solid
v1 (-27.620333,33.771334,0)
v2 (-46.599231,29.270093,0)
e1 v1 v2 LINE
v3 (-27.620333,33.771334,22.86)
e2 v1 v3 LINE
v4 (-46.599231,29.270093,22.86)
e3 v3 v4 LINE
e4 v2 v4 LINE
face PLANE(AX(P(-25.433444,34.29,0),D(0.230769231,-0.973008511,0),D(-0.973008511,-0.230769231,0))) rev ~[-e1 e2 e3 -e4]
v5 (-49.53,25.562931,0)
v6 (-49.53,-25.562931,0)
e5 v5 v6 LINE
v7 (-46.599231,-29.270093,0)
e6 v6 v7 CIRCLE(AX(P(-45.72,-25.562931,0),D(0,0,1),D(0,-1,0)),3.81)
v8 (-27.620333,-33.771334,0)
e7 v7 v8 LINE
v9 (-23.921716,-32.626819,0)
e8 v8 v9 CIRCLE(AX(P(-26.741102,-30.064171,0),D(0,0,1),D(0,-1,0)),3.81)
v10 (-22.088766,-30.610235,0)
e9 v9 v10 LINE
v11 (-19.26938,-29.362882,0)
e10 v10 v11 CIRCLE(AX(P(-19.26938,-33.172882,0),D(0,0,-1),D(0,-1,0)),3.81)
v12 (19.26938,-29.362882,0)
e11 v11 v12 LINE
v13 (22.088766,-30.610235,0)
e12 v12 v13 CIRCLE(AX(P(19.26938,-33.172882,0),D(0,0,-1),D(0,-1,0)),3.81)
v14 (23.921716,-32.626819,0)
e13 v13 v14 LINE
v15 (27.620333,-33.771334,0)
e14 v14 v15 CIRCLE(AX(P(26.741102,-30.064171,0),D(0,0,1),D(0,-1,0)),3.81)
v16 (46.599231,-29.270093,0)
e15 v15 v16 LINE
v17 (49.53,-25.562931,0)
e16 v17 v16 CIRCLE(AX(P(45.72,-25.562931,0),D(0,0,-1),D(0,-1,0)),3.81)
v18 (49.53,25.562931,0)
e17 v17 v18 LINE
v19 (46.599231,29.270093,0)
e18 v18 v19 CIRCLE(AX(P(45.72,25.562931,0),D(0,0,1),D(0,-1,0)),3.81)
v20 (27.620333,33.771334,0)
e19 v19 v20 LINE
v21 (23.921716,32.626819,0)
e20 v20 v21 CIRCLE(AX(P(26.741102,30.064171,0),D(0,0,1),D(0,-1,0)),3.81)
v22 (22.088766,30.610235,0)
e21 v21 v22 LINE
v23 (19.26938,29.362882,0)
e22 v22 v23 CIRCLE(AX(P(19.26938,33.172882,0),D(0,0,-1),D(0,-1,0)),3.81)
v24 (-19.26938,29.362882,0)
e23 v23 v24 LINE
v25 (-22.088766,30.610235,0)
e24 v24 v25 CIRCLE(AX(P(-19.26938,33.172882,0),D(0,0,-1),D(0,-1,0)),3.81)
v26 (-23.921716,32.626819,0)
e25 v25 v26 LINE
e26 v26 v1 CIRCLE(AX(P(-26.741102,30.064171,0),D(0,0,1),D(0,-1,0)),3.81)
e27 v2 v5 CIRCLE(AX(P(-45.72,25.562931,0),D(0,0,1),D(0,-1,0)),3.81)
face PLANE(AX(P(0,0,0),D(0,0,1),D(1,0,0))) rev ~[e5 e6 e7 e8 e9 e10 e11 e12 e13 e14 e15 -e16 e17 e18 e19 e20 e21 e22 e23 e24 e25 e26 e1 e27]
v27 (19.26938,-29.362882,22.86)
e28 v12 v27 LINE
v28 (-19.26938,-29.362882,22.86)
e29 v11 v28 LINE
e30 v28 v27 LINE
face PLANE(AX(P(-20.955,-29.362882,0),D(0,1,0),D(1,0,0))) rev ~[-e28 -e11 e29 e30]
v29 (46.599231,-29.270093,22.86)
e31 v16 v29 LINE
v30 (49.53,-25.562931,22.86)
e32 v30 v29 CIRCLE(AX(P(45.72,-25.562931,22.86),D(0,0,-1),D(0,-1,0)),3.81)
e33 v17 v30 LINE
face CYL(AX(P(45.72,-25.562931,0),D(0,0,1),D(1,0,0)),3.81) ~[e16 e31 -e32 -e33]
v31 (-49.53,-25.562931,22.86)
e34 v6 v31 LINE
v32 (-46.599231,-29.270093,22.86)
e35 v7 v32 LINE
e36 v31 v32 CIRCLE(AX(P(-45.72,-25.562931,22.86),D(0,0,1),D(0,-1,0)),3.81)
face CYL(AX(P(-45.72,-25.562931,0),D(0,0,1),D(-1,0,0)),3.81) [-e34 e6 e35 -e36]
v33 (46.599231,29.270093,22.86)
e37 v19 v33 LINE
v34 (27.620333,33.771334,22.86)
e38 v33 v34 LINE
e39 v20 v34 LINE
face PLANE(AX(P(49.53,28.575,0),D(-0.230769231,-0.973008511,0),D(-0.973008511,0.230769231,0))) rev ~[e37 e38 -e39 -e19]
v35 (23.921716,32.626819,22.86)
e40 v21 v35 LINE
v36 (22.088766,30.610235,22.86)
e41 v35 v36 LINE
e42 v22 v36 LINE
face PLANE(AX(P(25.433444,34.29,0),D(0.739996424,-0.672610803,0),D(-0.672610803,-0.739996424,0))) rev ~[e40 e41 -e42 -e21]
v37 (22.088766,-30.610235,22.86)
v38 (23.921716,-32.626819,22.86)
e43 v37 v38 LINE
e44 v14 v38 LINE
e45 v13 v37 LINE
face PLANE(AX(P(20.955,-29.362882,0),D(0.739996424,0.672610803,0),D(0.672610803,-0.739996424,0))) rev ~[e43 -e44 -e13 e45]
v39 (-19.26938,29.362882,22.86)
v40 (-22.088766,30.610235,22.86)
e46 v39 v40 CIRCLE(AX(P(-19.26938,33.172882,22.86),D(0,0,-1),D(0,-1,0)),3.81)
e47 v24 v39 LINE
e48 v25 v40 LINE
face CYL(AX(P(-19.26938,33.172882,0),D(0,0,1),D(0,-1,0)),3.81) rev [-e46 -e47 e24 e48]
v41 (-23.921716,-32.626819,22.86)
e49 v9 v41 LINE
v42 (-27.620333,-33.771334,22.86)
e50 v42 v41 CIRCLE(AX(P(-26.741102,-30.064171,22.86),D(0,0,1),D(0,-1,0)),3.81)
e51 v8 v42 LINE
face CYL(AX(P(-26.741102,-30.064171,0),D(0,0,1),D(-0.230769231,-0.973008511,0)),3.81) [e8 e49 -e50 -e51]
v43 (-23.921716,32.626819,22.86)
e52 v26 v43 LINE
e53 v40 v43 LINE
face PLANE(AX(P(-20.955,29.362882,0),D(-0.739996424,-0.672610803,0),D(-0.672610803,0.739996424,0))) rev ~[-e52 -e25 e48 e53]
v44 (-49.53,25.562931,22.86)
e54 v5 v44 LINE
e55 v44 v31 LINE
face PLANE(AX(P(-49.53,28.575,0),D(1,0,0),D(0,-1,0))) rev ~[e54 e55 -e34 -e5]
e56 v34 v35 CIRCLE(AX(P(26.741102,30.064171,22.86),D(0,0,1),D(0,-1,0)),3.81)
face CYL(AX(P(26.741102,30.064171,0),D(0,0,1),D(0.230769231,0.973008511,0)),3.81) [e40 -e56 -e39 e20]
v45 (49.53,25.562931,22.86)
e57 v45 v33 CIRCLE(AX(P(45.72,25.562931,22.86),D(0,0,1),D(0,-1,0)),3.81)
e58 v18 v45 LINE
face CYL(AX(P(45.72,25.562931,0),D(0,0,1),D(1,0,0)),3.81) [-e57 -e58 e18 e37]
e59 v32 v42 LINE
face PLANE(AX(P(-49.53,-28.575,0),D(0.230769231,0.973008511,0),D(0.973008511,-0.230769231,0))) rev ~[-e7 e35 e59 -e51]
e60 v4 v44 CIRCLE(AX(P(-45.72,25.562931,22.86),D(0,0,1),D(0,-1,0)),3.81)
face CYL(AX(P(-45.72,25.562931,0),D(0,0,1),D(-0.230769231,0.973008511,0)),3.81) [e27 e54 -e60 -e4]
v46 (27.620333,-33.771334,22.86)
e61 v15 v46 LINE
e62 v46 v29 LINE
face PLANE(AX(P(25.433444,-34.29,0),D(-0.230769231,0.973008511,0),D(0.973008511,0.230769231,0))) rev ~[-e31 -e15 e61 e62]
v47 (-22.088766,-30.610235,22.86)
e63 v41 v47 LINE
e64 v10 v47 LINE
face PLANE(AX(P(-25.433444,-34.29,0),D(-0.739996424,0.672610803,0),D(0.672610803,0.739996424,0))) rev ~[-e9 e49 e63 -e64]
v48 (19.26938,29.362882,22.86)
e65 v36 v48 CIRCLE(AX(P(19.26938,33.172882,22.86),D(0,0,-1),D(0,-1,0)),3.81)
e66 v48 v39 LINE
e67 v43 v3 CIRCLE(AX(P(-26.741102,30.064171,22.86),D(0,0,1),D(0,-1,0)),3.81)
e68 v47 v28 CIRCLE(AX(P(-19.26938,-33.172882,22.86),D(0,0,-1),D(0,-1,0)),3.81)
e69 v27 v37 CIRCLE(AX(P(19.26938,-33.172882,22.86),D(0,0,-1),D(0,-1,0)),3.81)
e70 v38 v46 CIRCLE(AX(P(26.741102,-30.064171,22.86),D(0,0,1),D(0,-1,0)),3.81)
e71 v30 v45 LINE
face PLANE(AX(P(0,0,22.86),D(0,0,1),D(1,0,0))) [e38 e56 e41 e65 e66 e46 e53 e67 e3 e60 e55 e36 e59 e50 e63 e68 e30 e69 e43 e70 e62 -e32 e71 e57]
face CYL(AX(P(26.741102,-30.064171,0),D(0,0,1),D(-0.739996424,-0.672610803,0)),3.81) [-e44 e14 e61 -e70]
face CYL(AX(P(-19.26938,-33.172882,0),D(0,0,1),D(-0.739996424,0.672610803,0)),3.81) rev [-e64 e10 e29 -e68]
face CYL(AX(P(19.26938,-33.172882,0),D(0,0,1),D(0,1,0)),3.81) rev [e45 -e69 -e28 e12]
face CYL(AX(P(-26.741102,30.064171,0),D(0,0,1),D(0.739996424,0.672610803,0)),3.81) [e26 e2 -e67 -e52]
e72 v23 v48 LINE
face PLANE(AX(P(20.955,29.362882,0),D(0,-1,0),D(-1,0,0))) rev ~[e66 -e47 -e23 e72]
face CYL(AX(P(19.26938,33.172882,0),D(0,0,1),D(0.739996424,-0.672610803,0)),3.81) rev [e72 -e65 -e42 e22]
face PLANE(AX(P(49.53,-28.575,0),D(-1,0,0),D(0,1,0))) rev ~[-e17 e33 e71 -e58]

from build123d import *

# Parameters (mm, degrees)
F1_DEPTH = 76.2
F2_R     = 12.7
F3_SCALE = 0.3


with BuildPart() as f1:
    # F0 (on Top) → F1 (new body)
    with BuildSketch(Plane.XY):
        Polygon((165.1, -95.25), (165.1, 95.25), (84.7781474317, 114.3), (69.85, 97.8762737351), (0, 97.8762737351), (-69.85, 97.8762737351), (-84.7781474317, 114.3), (-165.1, 95.25), (-165.1, -95.25), (-84.7781474317, -114.3), (-69.85, -97.8762737351), (0, -97.8762737351), (69.85, -97.8762737351), (84.7781474317, -114.3), align=None)
    extrude(amount=F1_DEPTH)

    # F2
    f2_edges = [f1.edges().sort_by_distance(p)[0] for p in [
        (-165.1, -95.25, 38.1),
        (-84.778147, -114.3, 38.1),
        (-69.85, -97.876274, 38.1),
        (69.85, -97.876274, 38.1),
        (84.778147, -114.3, 38.1),
        (165.1, -95.25, 38.1),
        (165.1, 95.25, 38.1),
        (84.778147, 114.3, 38.1),
        (69.85, 97.876274, 38.1),
        (-69.85, 97.876274, 38.1),
        (-84.778147, 114.3, 38.1),
        (-165.1, 95.25, 38.1),
    ]]
    fillet(f2_edges, radius=F2_R)


with BuildPart() as f1_1:
    # F3: moved
    add(f1.part.scale(F3_SCALE))


solid = f1_1.part
